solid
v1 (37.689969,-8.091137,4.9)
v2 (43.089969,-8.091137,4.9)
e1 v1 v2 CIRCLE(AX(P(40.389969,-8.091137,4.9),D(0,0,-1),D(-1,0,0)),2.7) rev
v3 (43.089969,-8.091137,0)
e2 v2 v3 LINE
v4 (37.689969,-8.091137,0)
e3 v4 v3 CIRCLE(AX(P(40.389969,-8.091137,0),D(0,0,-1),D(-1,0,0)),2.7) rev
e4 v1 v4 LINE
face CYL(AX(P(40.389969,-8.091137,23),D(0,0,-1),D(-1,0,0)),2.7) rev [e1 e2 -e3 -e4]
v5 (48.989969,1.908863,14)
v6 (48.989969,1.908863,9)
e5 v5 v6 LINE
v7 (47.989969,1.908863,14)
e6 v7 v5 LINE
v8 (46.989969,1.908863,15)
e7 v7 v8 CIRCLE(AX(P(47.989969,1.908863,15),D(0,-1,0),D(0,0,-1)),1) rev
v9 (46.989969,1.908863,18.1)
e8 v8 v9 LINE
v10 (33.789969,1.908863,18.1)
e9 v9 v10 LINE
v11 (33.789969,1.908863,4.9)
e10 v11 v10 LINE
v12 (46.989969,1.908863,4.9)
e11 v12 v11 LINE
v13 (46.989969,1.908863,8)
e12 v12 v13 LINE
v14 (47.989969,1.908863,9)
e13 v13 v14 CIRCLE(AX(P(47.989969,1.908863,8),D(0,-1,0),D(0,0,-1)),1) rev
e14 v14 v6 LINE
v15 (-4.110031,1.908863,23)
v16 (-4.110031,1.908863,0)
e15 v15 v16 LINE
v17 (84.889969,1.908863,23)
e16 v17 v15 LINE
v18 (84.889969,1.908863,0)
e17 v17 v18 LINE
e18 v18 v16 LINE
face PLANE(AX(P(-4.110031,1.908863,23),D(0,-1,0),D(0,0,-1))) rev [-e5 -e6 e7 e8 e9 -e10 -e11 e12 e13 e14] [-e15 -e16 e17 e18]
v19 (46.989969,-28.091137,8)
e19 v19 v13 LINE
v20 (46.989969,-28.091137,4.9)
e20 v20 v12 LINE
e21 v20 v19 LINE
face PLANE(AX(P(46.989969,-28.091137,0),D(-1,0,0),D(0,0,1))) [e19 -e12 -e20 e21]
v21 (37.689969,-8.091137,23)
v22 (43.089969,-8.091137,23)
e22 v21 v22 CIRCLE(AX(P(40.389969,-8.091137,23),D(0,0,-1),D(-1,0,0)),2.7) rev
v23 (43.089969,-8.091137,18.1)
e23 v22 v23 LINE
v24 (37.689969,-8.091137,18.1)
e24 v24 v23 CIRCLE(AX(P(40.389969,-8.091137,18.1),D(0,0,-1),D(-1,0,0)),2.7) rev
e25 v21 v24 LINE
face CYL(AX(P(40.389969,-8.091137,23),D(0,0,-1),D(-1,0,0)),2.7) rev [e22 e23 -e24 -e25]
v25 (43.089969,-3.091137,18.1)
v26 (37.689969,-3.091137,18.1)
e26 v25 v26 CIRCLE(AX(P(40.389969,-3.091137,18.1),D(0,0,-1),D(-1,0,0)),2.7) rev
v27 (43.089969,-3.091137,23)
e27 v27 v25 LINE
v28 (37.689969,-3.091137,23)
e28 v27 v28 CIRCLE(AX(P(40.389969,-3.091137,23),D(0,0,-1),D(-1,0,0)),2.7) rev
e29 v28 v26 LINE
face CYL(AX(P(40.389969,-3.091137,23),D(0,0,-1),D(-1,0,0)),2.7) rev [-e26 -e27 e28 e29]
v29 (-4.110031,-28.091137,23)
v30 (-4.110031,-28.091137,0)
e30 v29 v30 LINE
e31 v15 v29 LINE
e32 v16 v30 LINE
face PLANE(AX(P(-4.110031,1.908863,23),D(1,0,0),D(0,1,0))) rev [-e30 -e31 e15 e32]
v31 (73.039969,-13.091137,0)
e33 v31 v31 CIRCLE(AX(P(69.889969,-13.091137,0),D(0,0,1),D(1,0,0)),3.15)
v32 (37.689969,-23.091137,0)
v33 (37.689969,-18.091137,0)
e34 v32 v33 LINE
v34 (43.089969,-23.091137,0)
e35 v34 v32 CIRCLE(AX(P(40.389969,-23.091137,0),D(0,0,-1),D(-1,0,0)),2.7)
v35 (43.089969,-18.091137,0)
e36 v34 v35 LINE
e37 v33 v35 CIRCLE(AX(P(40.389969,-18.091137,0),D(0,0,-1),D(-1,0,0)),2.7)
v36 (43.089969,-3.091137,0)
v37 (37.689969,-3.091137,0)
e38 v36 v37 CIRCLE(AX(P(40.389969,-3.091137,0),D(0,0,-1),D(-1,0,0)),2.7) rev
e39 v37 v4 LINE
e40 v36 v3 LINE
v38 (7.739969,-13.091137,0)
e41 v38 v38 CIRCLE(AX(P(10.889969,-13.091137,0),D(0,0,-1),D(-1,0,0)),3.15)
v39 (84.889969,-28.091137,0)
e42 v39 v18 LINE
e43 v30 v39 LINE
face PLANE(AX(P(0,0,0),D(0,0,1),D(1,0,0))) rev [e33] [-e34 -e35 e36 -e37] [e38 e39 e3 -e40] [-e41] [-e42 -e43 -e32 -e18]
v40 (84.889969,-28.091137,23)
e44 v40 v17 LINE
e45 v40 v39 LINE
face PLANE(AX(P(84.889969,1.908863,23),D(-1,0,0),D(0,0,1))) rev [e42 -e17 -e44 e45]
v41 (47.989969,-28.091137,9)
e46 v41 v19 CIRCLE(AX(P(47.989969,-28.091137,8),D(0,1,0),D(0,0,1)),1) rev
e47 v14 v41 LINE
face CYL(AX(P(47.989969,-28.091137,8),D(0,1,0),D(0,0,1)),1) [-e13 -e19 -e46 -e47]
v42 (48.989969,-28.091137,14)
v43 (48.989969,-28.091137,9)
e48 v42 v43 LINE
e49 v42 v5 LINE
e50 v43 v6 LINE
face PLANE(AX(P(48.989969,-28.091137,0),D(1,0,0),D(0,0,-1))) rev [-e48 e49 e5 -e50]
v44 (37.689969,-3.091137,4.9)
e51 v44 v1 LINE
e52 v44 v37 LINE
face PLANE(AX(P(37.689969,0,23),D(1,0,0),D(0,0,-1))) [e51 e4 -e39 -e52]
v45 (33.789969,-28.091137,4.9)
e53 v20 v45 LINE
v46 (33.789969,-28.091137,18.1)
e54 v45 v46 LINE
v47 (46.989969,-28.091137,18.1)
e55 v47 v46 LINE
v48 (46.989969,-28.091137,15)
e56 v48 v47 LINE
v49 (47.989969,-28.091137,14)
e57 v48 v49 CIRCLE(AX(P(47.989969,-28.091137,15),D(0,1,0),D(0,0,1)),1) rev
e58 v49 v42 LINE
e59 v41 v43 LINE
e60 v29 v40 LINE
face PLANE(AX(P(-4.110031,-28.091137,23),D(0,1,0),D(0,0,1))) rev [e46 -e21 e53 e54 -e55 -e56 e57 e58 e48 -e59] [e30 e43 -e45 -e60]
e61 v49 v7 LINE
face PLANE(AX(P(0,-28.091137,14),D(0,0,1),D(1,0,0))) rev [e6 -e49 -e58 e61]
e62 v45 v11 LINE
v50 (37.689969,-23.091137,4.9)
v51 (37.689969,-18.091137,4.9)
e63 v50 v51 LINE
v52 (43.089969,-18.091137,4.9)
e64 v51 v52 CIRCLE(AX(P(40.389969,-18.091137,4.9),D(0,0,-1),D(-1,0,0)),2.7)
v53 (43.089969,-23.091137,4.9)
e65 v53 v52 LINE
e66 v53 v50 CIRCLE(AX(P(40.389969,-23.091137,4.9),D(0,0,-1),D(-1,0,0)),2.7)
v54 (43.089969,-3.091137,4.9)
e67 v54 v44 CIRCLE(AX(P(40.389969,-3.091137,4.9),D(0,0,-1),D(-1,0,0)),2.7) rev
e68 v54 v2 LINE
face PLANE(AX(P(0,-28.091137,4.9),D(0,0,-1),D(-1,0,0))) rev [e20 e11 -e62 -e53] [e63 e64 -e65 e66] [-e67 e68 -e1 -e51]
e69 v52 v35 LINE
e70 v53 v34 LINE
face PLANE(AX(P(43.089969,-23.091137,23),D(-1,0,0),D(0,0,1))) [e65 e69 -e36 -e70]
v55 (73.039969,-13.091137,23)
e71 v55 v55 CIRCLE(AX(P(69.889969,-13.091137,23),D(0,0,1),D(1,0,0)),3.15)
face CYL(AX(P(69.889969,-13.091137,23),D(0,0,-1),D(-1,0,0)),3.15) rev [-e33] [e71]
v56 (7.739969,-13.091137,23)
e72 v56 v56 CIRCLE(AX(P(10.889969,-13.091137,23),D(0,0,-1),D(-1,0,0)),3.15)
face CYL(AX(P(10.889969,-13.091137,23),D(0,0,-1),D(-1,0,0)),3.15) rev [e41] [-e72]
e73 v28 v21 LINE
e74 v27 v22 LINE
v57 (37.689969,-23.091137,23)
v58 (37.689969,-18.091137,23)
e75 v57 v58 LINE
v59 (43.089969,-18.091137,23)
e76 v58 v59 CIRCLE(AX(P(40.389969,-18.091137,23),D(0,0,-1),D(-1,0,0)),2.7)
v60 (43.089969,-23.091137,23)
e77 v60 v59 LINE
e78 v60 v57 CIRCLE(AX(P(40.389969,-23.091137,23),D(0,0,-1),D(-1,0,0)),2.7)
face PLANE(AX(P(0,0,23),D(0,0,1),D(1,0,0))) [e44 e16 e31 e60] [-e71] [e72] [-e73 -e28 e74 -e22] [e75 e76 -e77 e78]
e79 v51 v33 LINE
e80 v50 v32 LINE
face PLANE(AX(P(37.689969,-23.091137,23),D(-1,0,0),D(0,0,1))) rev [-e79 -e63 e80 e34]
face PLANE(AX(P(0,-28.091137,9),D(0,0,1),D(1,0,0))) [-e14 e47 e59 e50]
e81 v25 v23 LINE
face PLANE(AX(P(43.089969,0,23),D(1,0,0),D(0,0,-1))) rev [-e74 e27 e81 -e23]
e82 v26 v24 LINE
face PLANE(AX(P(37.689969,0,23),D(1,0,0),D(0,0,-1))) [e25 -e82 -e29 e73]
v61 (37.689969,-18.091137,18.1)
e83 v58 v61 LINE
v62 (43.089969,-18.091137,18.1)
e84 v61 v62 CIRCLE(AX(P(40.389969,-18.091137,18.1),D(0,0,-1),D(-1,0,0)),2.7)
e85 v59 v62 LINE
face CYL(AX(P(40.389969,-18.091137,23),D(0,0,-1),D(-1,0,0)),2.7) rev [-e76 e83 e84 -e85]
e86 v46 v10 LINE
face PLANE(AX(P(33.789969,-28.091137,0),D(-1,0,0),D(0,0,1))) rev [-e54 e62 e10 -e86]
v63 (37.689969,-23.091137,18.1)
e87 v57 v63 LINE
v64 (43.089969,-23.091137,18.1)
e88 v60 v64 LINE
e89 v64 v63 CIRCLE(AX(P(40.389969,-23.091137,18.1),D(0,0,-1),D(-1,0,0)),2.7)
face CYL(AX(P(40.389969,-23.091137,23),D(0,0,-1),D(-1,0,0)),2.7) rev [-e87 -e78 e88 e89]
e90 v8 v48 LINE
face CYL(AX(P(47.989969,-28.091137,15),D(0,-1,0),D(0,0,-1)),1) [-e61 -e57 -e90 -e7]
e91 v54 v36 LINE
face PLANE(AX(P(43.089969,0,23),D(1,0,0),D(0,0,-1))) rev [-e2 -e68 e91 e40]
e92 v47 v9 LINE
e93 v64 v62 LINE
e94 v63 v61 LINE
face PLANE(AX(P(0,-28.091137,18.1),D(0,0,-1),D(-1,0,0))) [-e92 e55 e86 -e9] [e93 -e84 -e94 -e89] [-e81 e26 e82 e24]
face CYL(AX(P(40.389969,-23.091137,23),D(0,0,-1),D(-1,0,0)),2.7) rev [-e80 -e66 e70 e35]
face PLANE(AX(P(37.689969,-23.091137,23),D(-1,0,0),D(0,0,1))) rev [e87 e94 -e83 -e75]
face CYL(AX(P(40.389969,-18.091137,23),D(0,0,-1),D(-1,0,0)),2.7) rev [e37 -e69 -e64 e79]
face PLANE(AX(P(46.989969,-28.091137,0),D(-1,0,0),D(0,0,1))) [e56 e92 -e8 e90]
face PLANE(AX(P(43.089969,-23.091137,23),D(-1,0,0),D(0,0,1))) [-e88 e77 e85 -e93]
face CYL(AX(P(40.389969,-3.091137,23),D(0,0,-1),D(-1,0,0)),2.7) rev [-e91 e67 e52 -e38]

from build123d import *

# Parameters (mm, degrees)
ESQUISSE1_W             = 89
ESQUISSE1_H             = 30
BOSS_EXTRU_1_DEPTH      = 23
ESQUISSE2_W             = 13.2
ESQUISSE2_H             = 13.2
ESQUISSE2_W_2           = 2
ESQUISSE2_H_2           = 5
ENL_V_MAT_EXTRU_1_DEPTH = 31
ESQUISSE3_R             = 3.15
ENL_V_MAT_EXTRU_2_DEPTH = 24
ENL_V_MAT_EXTRU_3_DEPTH = 24
CONG_1_R                = 1


with BuildPart() as part:
    # Esquisse1 → Boss.-Extru.1 (new body)
    with BuildSketch(Plane.XY):
        with Locations((40.389968792, -13.091136671)):
            Rectangle(ESQUISSE1_W, ESQUISSE1_H)
    extrude(amount=BOSS_EXTRU_1_DEPTH)

    # Esquisse2 → Enlèv. mat.-Extru.1 (cut, through all)
    with BuildSketch(Plane(origin=(0, 1.908863329, 0), x_dir=(1, 0, 0), z_dir=(0, 1, 0))):
        with Locations((40.389968792, -11.5)):
            Rectangle(ESQUISSE2_W, ESQUISSE2_H)
        with Locations((47.989968792, -11.5)):
            Rectangle(ESQUISSE2_W_2, ESQUISSE2_H_2)
    extrude(amount=-ENL_V_MAT_EXTRU_1_DEPTH, mode=Mode.SUBTRACT)

    # Esquisse3 → Enlèv. mat.-Extru.2 (cut, through all)
    with BuildSketch(Plane(origin=(0, 0, 0), x_dir=(-1, 0, 0), z_dir=(0, 0, -1))):
        with Locations((-10.889968792, -13.091136671)):
            Circle(ESQUISSE3_R)
        with Locations((-69.889968792, -13.091136671)):
            Circle(ESQUISSE3_R)
    extrude(amount=-ENL_V_MAT_EXTRU_2_DEPTH, mode=Mode.SUBTRACT)

    # Esquisse4 → Enlèv. mat.-Extru.3 (cut, through all)
    with BuildSketch(Plane(origin=(0, 0, 0), x_dir=(-1, 0, 0), z_dir=(0, 0, -1))):
        with BuildLine():
            ThreePointArc((-37.689968792, -8.091136671), (-40.389968792, -10.791136671), (-43.089968792, -8.091136671))
            Line((-43.089968792, -8.091136671), (-43.089968792, -3.091136671))
            ThreePointArc((-43.089968792, -3.091136671), (-40.389968792, -0.391136671), (-37.689968792, -3.091136671))
            Line((-37.689968792, -3.091136671), (-37.689968792, -8.091136671))
        make_face()
        with BuildLine():
            Line((-43.089968792, -23.091136671), (-43.089968792, -18.091136671))
            ThreePointArc((-43.089968792, -18.091136671), (-40.389968792, -15.391136671), (-37.689968792, -18.091136671))
            Line((-37.689968792, -18.091136671), (-37.689968792, -23.091136671))
            ThreePointArc((-37.689968792, -23.091136671), (-40.389968792, -25.791136671), (-43.089968792, -23.091136671))
        make_face()
    extrude(amount=-ENL_V_MAT_EXTRU_3_DEPTH, mode=Mode.SUBTRACT)

    # Congé1
    cong_1_edges = [part.edges().sort_by_distance(p)[0] for p in [
        (46.989968792, -13.091136671, 9),
        (46.989968792, -13.091136671, 14),
    ]]
    fillet(cong_1_edges, radius=CONG_1_R)


solid = part.part
